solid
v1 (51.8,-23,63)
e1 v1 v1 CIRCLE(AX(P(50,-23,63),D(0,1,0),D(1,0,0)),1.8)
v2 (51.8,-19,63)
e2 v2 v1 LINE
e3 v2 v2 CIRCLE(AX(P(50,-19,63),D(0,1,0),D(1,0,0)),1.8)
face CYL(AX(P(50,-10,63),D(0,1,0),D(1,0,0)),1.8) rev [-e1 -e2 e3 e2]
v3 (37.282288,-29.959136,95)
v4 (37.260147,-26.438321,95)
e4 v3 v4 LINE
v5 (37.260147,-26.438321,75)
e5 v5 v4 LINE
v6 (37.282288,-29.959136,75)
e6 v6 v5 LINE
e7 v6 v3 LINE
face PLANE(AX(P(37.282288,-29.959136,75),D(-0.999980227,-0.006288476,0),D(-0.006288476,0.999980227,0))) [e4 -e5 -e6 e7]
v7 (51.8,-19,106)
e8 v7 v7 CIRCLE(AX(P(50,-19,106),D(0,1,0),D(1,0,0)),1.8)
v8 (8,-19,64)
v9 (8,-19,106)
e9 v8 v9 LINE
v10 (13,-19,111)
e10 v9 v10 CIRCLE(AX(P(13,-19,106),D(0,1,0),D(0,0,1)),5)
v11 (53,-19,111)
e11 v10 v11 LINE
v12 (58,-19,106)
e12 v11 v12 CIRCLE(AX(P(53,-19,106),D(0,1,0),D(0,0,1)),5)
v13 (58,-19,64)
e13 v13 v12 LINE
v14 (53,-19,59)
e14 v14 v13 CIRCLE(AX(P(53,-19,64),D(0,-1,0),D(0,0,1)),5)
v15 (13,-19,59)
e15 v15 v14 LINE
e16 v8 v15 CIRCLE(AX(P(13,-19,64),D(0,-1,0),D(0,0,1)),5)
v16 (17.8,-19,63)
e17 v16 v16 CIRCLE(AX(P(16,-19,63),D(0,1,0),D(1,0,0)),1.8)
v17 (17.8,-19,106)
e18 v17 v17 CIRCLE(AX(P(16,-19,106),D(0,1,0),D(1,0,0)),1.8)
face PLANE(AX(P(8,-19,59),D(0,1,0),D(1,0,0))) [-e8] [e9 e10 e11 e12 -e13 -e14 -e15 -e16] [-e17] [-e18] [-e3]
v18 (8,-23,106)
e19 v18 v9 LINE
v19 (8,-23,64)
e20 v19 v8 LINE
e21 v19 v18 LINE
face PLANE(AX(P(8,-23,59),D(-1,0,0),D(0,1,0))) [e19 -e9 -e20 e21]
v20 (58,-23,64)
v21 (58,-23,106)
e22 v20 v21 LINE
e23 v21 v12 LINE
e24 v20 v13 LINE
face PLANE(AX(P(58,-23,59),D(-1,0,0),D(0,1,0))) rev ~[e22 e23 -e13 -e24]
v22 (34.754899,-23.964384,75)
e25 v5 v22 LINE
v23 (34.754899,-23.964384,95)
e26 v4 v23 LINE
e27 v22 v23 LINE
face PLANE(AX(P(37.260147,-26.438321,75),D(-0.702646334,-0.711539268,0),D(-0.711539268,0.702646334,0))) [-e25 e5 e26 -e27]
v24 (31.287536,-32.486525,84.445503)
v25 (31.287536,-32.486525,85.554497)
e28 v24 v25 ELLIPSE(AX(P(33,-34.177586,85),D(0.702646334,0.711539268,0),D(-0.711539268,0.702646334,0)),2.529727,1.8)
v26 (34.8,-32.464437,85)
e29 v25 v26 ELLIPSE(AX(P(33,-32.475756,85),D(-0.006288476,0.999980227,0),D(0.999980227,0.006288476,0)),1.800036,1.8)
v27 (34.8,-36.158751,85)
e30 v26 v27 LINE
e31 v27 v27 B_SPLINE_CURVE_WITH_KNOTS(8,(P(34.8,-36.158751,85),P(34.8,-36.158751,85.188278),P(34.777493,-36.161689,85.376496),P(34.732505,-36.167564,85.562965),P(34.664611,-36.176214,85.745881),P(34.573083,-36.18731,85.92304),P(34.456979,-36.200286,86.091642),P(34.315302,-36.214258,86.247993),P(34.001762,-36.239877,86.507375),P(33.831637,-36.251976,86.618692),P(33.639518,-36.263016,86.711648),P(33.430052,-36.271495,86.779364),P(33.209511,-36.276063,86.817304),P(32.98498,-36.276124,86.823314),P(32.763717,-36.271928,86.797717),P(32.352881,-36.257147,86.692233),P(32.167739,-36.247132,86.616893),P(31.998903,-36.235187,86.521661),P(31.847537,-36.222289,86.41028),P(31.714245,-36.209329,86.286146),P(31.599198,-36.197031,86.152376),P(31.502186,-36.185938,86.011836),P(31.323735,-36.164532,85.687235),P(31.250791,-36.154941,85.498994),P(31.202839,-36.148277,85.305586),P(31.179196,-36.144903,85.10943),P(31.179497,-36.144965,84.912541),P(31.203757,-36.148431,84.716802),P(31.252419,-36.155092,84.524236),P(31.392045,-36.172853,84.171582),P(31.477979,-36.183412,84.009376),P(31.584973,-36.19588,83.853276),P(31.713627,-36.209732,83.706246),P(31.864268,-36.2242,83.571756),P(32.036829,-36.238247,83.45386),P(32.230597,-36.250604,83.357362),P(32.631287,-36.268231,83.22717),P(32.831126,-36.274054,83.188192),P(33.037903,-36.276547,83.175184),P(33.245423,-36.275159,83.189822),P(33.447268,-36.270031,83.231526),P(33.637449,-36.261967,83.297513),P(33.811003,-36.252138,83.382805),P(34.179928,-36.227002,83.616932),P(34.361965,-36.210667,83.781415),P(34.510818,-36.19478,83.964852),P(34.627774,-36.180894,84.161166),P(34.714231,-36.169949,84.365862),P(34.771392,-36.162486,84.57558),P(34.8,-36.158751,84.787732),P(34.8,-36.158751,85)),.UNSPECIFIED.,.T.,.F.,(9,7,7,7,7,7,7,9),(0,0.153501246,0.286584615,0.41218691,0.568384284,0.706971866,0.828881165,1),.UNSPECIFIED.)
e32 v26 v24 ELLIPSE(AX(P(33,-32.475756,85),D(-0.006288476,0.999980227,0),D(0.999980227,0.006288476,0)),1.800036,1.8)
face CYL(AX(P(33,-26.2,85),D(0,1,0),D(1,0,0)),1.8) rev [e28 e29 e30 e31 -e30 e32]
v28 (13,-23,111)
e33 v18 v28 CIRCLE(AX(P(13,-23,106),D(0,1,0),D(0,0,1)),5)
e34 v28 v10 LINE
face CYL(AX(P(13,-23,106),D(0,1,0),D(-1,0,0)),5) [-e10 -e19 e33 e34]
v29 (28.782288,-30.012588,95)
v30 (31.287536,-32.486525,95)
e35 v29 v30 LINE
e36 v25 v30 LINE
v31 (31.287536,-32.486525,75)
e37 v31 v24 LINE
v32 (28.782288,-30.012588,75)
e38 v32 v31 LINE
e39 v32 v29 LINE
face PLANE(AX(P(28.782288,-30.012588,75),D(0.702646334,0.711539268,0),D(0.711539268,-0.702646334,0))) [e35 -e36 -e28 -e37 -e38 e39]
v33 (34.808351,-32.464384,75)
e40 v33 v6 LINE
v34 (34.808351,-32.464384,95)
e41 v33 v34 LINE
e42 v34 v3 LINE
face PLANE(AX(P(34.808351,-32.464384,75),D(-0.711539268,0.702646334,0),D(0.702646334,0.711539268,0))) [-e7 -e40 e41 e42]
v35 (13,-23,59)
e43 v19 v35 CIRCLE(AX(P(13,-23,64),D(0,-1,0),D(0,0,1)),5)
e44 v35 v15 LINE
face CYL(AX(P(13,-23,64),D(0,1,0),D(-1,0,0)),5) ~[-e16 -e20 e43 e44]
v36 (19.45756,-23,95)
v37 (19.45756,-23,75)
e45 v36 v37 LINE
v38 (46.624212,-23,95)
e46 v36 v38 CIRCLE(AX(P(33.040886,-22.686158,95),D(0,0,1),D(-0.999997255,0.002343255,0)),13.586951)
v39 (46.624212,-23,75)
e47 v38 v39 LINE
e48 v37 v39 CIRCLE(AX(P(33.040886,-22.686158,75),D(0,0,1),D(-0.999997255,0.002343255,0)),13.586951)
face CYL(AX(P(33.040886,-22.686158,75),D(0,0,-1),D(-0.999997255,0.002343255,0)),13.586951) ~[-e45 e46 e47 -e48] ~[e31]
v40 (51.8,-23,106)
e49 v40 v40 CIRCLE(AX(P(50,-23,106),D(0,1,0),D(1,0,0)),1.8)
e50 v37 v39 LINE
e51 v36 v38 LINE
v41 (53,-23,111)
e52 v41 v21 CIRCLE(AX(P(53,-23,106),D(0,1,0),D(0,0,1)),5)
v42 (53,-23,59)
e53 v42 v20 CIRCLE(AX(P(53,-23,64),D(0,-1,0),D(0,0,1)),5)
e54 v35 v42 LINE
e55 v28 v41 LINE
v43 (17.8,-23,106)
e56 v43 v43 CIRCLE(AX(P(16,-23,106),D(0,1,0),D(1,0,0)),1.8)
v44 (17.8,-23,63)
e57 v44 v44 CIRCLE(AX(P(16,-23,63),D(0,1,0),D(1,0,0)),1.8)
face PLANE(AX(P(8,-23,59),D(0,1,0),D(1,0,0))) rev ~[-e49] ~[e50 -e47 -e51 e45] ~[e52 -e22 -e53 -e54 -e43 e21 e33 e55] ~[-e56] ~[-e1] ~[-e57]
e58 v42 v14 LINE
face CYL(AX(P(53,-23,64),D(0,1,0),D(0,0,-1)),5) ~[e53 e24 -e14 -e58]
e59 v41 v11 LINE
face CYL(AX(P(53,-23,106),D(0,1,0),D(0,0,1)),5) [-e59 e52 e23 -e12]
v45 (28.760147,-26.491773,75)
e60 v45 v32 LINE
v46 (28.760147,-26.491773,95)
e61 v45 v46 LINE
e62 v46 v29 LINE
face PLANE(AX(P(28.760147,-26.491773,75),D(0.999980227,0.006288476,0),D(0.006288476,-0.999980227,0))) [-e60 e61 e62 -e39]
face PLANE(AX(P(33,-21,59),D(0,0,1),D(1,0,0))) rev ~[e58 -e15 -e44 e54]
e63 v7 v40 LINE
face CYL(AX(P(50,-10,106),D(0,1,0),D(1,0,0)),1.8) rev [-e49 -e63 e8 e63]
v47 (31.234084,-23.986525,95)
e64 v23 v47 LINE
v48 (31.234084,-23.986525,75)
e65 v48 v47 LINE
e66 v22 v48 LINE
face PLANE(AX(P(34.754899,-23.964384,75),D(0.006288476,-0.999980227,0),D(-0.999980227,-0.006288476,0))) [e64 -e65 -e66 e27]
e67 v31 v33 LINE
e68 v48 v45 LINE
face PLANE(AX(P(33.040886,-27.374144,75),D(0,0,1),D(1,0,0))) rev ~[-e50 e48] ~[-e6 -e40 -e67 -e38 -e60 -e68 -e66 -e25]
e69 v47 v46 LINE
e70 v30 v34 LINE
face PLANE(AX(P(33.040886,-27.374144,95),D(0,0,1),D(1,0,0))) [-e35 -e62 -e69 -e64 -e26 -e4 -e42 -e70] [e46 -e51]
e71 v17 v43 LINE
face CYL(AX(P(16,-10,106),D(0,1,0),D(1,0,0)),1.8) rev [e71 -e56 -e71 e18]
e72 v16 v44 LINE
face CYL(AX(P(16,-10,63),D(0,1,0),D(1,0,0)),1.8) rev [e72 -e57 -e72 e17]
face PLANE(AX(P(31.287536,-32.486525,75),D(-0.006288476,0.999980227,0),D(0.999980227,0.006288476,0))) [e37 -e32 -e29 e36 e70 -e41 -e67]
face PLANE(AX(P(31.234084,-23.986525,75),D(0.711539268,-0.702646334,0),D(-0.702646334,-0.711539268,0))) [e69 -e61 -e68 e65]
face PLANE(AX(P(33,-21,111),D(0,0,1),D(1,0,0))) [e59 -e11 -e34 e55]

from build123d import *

# Parameters (mm, degrees)
CYLINDER121_R          = 1.8
CYLINDER121_DEPTH      = 34
CYLINDER121_ROLL_ANGLE = 90
PAD057_DEPTH           = 20
CYLINDER118_R          = 1.8
CYLINDER118_DEPTH      = 34
CYLINDER118_ROLL_ANGLE = 90
CYLINDER117_R          = 1.8
CYLINDER117_DEPTH      = 34
CYLINDER117_ROLL_ANGLE = 90
CYLINDER120_R          = 1.8
CYLINDER120_DEPTH      = 34
CYLINDER120_ROLL_ANGLE = 90
CYLINDER119_R          = 1.8
CYLINDER119_DEPTH      = 34
CYLINDER119_ROLL_ANGLE = 90
BOX059_W               = 50
BOX059_H               = 4
BOX059_DEPTH           = 52
FILLET054_R            = 5


with BuildPart() as cilindro075:
    # Cylinder121 → Cylinder121 (new body)
    with BuildSketch(Plane.XY):
        Circle(CYLINDER121_R)
    extrude(amount=CYLINDER121_DEPTH)


with BuildPart() as cilindro075_1:
    # Cylinder121 roll: moved
    add(cilindro075.part.rotate(Axis((0, 0, 0), (1, 0, 0)), CYLINDER121_ROLL_ANGLE))


with BuildPart() as cilindro075_2:
    # Cylinder121 placement: moved
    add(cilindro075_1.part.moved(Location((33, -26, 85))))


with BuildPart() as cut139:
    # Sketch064 → Pad057 (new body)
    with BuildSketch(Plane(origin=(2, 0, 75), x_dir=(1, 0, 0), z_dir=(0, 0, 1))):
        with BuildLine():
            ThreePointArc((17.453972, -22.45432), (31.040886, -36.073109), (44.6278, -22.45432))
            Line((17.453972, -22.45432), (44.6278, -22.45432))
        make_face()
        Polygon((26.782288, -29.812588), (29.287536, -32.286525), (32.808351, -32.264384), (35.282288, -29.759136), (35.260147, -26.238321), (32.754899, -23.764384), (29.234084, -23.786525), (26.760147, -26.291773), align=None, mode=Mode.SUBTRACT)
    extrude(amount=PAD057_DEPTH)

    # Cut139: cut Cilindro075
    add(cilindro075_2.part, mode=Mode.SUBTRACT)


with BuildPart() as cut139_1:
    # Cut139 placement: moved
    add(cut139.part.moved(Location((0, -0.2, 0))))


with BuildPart() as cilindro072:
    # Cylinder118 → Cylinder118 (new body)
    with BuildSketch(Plane.XY):
        Circle(CYLINDER118_R)
    extrude(amount=CYLINDER118_DEPTH)


with BuildPart() as cilindro072_1:
    # Cylinder118 roll: moved
    add(cilindro072.part.rotate(Axis((0, 0, 0), (1, 0, 0)), CYLINDER118_ROLL_ANGLE))


with BuildPart() as cilindro072_2:
    # Cylinder118 placement: moved
    add(cilindro072_1.part.moved(Location((16, -10, 63))))


with BuildPart() as fusion066:
    # Cylinder117 → Cylinder117 (new body)
    with BuildSketch(Plane.XY):
        Circle(CYLINDER117_R)
    extrude(amount=CYLINDER117_DEPTH)


with BuildPart() as fusion066_1:
    # Cylinder117 roll: moved
    add(fusion066.part.rotate(Axis((0, 0, 0), (1, 0, 0)), CYLINDER117_ROLL_ANGLE))


with BuildPart() as fusion066_2:
    # Cylinder117 placement: moved
    add(fusion066_1.part.moved(Location((50, -10, 63))))

    # Fusion066: union Cilindro072
    add(cilindro072_2.part)


with BuildPart() as cilindro074:
    # Cylinder120 → Cylinder120 (new body)
    with BuildSketch(Plane.XY):
        Circle(CYLINDER120_R)
    extrude(amount=CYLINDER120_DEPTH)


with BuildPart() as cilindro074_1:
    # Cylinder120 roll: moved
    add(cilindro074.part.rotate(Axis((0, 0, 0), (1, 0, 0)), CYLINDER120_ROLL_ANGLE))


with BuildPart() as cilindro074_2:
    # Cylinder120 placement: moved
    add(cilindro074_1.part.moved(Location((16, -10, 63))))


with BuildPart() as fusion068:
    # Cylinder119 → Cylinder119 (new body)
    with BuildSketch(Plane.XY):
        Circle(CYLINDER119_R)
    extrude(amount=CYLINDER119_DEPTH)


with BuildPart() as fusion068_1:
    # Cylinder119 roll: moved
    add(fusion068.part.rotate(Axis((0, 0, 0), (1, 0, 0)), CYLINDER119_ROLL_ANGLE))


with BuildPart() as fusion068_2:
    # Cylinder119 placement: moved
    add(fusion068_1.part.moved(Location((50, -10, 63))))

    # Fusion067: union Cilindro074
    add(cilindro074_2.part)


with BuildPart() as fusion068_3:
    # Fusion067 placement: moved
    add(fusion068_2.part.moved(Location((0, 0, 43))))

    # Fusion068: union Fusion066
    add(fusion066_2.part)


with BuildPart() as lapis_holder:
    # Box059 → Box059 (new body)
    with BuildSketch(Plane(origin=(8, -23, 59), x_dir=(1, 0, 0), z_dir=(0, 0, 1))):
        with Locations((25, 2)):
            Rectangle(BOX059_W, BOX059_H)
    extrude(amount=BOX059_DEPTH)

    # Cut138: cut Fusion068
    add(fusion068_3.part, mode=Mode.SUBTRACT)

    # Fusion069: union Cut139
    add(cut139_1.part)

    # Fillet054
    fillet054_edges = [lapis_holder.edges().sort_by_distance(p)[0] for p in [
        (8, -21, 111),
        (8, -21, 59),
        (58, -21, 111),
        (58, -21, 59),
    ]]
    fillet(fillet054_edges, radius=FILLET054_R)


solid = lapis_holder.part
